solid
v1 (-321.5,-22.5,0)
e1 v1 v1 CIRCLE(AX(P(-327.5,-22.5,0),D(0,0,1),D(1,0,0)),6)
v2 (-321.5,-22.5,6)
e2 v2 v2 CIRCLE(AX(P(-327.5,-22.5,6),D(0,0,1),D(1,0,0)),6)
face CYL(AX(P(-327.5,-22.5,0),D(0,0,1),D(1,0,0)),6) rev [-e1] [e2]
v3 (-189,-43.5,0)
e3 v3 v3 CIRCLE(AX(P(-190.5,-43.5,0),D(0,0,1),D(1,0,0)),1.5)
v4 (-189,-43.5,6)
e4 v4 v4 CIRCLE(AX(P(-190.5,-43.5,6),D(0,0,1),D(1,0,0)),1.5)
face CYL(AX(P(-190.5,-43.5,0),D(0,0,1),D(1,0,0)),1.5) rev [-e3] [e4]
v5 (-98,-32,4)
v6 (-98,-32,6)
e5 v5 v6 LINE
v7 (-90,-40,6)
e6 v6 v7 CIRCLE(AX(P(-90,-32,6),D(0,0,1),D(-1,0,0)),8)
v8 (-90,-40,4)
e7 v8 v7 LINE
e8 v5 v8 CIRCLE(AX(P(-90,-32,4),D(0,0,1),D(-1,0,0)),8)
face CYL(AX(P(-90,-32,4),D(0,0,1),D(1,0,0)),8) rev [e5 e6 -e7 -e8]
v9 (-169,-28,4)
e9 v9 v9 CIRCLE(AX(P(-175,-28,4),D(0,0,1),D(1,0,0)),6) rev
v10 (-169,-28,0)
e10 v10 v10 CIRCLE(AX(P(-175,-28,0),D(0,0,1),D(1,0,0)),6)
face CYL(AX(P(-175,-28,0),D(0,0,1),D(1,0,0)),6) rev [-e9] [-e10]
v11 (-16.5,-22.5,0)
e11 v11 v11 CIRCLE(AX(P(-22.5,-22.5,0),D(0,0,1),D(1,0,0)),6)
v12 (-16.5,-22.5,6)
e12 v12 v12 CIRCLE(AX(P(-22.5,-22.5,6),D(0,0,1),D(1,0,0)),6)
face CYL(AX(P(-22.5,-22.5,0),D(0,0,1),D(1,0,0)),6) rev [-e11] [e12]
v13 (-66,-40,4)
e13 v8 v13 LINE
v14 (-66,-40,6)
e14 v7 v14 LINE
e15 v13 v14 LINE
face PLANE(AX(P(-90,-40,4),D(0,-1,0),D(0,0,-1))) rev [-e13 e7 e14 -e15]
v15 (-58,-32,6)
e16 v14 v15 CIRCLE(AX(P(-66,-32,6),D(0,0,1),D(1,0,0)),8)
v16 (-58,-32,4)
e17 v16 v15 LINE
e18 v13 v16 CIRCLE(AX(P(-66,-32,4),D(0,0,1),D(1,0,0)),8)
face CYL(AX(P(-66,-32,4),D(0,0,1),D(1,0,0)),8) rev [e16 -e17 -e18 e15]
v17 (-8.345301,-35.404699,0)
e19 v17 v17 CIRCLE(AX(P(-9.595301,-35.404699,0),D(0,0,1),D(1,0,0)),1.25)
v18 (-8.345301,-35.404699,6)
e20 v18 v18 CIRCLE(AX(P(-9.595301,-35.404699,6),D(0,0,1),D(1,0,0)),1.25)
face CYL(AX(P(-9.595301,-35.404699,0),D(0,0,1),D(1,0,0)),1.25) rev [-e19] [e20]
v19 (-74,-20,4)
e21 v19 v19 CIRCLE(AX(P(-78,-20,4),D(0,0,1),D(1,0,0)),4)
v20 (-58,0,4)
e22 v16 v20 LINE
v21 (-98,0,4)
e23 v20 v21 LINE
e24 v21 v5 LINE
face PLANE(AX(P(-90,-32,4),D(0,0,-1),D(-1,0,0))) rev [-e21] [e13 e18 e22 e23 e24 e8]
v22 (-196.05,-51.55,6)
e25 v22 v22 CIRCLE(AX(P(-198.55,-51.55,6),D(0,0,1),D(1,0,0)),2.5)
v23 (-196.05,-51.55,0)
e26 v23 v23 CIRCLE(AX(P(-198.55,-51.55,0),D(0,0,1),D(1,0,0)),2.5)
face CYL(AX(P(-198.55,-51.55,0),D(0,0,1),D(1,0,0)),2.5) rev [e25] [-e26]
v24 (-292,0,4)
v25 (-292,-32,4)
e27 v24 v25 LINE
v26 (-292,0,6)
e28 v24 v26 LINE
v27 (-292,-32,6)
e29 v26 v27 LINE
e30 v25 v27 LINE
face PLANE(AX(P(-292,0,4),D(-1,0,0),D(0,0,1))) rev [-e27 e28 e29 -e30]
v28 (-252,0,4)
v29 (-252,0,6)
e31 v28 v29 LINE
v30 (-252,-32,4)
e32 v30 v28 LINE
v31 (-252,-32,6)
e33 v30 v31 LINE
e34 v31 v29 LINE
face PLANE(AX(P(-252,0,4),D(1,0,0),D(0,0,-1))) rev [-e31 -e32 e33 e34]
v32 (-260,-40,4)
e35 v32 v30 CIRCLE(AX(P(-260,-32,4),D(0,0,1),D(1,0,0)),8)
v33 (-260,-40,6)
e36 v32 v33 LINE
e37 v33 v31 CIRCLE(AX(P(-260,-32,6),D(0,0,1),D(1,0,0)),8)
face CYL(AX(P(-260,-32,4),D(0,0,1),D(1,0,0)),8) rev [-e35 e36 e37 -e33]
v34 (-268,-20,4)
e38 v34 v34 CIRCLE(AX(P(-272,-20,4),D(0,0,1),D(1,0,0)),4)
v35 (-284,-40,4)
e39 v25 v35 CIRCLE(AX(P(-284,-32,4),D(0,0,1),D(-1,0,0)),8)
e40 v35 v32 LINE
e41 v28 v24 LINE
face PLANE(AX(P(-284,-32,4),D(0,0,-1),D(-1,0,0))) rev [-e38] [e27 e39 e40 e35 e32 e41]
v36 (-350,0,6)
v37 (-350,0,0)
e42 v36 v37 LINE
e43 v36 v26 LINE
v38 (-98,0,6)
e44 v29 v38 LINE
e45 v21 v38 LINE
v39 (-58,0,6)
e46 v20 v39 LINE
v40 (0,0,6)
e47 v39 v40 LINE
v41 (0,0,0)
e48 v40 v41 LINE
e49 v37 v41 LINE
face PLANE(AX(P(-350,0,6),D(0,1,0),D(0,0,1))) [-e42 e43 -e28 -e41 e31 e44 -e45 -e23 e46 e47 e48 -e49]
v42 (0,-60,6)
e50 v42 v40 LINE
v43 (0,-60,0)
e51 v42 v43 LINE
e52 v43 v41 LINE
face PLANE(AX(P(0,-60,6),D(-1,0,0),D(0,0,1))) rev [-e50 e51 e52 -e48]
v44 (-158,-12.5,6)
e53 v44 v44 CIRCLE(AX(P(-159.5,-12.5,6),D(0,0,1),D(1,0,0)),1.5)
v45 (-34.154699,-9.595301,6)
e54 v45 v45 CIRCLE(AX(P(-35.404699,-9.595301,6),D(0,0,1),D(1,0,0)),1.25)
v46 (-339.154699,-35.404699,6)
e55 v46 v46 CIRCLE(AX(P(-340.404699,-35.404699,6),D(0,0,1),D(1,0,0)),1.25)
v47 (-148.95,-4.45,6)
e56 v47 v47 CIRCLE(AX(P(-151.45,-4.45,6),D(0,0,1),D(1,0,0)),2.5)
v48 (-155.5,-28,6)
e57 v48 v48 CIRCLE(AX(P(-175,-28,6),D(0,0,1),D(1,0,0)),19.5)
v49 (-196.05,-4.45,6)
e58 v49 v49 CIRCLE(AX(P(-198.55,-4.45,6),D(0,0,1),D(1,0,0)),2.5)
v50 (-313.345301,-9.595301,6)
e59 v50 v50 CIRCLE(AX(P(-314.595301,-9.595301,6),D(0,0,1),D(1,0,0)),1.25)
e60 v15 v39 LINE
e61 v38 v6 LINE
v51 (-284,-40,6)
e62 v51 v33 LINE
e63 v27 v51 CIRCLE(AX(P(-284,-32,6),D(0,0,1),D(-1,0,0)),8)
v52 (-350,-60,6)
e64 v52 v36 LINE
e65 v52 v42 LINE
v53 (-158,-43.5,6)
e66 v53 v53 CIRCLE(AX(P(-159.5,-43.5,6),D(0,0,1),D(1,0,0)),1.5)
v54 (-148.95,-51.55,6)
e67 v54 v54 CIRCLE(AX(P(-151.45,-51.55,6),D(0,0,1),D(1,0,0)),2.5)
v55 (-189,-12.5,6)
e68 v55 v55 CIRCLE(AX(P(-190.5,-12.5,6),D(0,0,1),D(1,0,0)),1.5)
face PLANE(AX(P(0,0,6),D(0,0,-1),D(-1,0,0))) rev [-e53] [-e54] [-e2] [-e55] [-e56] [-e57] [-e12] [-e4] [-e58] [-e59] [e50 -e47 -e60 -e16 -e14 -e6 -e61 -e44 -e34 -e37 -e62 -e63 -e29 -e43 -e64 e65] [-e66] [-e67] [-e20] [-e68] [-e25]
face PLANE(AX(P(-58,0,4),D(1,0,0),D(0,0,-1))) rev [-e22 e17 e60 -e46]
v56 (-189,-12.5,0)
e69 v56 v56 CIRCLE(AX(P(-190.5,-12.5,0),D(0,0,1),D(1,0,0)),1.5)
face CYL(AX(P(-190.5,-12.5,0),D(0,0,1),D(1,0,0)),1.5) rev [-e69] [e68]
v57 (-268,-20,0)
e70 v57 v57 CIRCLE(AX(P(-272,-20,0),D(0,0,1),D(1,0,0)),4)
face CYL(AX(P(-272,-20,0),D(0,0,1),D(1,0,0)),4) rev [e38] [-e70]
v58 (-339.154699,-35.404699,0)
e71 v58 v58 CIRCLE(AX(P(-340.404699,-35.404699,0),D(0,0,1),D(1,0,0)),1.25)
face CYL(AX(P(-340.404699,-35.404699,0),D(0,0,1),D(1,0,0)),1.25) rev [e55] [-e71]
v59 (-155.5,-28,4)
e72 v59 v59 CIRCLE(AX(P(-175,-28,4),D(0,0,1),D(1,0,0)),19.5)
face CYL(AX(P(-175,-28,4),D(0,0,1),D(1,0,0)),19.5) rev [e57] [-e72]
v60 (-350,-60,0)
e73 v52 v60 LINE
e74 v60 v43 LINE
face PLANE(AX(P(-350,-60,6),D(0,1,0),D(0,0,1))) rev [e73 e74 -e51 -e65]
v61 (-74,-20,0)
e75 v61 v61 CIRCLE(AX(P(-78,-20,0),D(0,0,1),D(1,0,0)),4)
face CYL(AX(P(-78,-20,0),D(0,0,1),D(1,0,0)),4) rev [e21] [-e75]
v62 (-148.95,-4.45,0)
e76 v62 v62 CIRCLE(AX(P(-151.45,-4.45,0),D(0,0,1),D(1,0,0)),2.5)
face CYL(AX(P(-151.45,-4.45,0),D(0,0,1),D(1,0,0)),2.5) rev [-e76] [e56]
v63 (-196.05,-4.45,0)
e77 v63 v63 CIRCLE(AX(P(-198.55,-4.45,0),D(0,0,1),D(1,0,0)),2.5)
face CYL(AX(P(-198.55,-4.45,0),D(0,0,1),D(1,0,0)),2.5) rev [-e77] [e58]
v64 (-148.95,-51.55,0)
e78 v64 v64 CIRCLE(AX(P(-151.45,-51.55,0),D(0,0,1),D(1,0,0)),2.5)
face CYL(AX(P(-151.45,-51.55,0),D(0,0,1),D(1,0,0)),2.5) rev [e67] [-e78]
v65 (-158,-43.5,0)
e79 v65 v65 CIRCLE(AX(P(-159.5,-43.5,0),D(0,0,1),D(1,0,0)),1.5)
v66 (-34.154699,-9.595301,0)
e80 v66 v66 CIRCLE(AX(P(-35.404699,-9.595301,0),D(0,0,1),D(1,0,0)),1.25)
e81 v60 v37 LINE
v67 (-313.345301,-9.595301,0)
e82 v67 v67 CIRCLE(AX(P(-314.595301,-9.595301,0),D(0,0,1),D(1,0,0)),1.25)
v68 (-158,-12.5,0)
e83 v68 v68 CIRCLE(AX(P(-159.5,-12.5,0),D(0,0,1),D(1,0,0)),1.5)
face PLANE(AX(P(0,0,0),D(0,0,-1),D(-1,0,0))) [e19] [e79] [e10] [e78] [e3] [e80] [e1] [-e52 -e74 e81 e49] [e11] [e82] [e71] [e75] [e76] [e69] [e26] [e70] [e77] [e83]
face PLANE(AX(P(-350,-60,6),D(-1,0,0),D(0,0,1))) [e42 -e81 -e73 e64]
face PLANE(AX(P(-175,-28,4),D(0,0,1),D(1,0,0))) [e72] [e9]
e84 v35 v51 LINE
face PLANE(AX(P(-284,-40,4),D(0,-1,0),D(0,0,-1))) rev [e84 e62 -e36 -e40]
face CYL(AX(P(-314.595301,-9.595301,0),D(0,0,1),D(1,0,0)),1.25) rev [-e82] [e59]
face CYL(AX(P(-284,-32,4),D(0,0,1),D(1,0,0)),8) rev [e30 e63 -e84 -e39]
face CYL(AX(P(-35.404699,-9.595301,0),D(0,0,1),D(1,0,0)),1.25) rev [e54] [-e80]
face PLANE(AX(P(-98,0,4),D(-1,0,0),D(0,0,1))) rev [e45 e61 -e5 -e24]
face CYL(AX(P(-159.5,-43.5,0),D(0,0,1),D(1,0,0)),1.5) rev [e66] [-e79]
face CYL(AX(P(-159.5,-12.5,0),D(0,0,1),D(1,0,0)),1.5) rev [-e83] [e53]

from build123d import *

# Parameters (mm, degrees)
CROQUIS1_W              = 350
CROQUIS1_H              = 60
SALIENTE_EXTRUIR1_DEPTH = 6
CROQUIS2_R              = 6
CROQUIS2_R_2            = 1.25
CORTAR_EXTRUIR1_DEPTH   = 7
CROQUIS3_R              = 6
CROQUIS3_R_2            = 1.5
CROQUIS3_R_3            = 2.5
CORTAR_EXTRUIR2_DEPTH   = 7
CROQUIS5_R              = 19.5
CORTAR_EXTRUIR4_DEPTH   = 2
CROQUIS7_R              = 4
CORTAR_EXTRUIR5_DEPTH   = 5


with BuildPart() as part:
    # Croquis1 → Saliente-Extruir1 (new body)
    with BuildSketch(Plane.XY):
        with Locations((-175, -30)):
            Rectangle(CROQUIS1_W, CROQUIS1_H)
    extrude(amount=SALIENTE_EXTRUIR1_DEPTH)

    # Croquis2 → Cortar-Extruir1 (cut, through all)
    with BuildSketch(Plane.XY.offset(6)):
        with Locations((-327.5, -22.5)):
            Circle(CROQUIS2_R)
        with Locations((-22.5, -22.5)):
            Circle(CROQUIS2_R)
        with Locations((-314.595301243, -9.595301243)):
            Circle(CROQUIS2_R_2)
        with Locations((-340.404698757, -35.404698757)):
            Circle(CROQUIS2_R_2)
        with Locations((-35.404698757, -9.595301243)):
            Circle(CROQUIS2_R_2)
        with Locations((-9.595301243, -35.404698757)):
            Circle(CROQUIS2_R_2)
    extrude(amount=-CORTAR_EXTRUIR1_DEPTH, mode=Mode.SUBTRACT)

    # Croquis3 → Cortar-Extruir2 (cut, through all)
    with BuildSketch(Plane.XY.offset(6)):
        with Locations((-175, -28)):
            Circle(CROQUIS3_R)
        with Locations((-190.5, -12.5)):
            Circle(CROQUIS3_R_2)
        with Locations((-159.5, -12.5)):
            Circle(CROQUIS3_R_2)
        with Locations((-190.5, -43.5)):
            Circle(CROQUIS3_R_2)
        with Locations((-151.45, -51.55)):
            Circle(CROQUIS3_R_3)
        with Locations((-198.55, -51.55)):
            Circle(CROQUIS3_R_3)
        with Locations((-159.5, -43.5)):
            Circle(CROQUIS3_R_2)
        with Locations((-151.45, -4.45)):
            Circle(CROQUIS3_R_3)
        with Locations((-198.55, -4.45)):
            Circle(CROQUIS3_R_3)
    extrude(amount=-CORTAR_EXTRUIR2_DEPTH, mode=Mode.SUBTRACT)

    # Croquis5 → Cortar-Extruir4 (cut)
    with BuildSketch(Plane.XY.offset(6)):
        with Locations((-175, -28)):
            Circle(CROQUIS5_R)
        with BuildLine():
            Line((-292, 0), (-252, 0))
            Line((-252, 0), (-252, -32))
            ThreePointArc((-252, -32), (-254.343145751, -37.656854249), (-260, -40))
            Line((-260, -40), (-284, -40))
            ThreePointArc((-284, -40), (-289.656854249, -37.656854249), (-292, -32))
            Line((-292, -32), (-292, 0))
        make_face()
        with BuildLine():
            Line((-98, 0), (-58, 0))
            Line((-58, 0), (-58, -32))
            ThreePointArc((-58, -32), (-60.343145751, -37.656854249), (-66, -40))
            Line((-66, -40), (-90, -40))
            ThreePointArc((-90, -40), (-95.656854249, -37.656854249), (-98, -32))
            Line((-98, -32), (-98, 0))
        make_face()
    extrude(amount=-CORTAR_EXTRUIR4_DEPTH, mode=Mode.SUBTRACT)

    # Croquis7 → Cortar-Extruir5 (cut, through all)
    with BuildSketch(Plane.XY.offset(4)):
        with Locations((-272, -20)):
            Circle(CROQUIS7_R)
        with Locations((-78, -20)):
            Circle(CROQUIS7_R)
    extrude(amount=-CORTAR_EXTRUIR5_DEPTH, mode=Mode.SUBTRACT)


solid = part.part
